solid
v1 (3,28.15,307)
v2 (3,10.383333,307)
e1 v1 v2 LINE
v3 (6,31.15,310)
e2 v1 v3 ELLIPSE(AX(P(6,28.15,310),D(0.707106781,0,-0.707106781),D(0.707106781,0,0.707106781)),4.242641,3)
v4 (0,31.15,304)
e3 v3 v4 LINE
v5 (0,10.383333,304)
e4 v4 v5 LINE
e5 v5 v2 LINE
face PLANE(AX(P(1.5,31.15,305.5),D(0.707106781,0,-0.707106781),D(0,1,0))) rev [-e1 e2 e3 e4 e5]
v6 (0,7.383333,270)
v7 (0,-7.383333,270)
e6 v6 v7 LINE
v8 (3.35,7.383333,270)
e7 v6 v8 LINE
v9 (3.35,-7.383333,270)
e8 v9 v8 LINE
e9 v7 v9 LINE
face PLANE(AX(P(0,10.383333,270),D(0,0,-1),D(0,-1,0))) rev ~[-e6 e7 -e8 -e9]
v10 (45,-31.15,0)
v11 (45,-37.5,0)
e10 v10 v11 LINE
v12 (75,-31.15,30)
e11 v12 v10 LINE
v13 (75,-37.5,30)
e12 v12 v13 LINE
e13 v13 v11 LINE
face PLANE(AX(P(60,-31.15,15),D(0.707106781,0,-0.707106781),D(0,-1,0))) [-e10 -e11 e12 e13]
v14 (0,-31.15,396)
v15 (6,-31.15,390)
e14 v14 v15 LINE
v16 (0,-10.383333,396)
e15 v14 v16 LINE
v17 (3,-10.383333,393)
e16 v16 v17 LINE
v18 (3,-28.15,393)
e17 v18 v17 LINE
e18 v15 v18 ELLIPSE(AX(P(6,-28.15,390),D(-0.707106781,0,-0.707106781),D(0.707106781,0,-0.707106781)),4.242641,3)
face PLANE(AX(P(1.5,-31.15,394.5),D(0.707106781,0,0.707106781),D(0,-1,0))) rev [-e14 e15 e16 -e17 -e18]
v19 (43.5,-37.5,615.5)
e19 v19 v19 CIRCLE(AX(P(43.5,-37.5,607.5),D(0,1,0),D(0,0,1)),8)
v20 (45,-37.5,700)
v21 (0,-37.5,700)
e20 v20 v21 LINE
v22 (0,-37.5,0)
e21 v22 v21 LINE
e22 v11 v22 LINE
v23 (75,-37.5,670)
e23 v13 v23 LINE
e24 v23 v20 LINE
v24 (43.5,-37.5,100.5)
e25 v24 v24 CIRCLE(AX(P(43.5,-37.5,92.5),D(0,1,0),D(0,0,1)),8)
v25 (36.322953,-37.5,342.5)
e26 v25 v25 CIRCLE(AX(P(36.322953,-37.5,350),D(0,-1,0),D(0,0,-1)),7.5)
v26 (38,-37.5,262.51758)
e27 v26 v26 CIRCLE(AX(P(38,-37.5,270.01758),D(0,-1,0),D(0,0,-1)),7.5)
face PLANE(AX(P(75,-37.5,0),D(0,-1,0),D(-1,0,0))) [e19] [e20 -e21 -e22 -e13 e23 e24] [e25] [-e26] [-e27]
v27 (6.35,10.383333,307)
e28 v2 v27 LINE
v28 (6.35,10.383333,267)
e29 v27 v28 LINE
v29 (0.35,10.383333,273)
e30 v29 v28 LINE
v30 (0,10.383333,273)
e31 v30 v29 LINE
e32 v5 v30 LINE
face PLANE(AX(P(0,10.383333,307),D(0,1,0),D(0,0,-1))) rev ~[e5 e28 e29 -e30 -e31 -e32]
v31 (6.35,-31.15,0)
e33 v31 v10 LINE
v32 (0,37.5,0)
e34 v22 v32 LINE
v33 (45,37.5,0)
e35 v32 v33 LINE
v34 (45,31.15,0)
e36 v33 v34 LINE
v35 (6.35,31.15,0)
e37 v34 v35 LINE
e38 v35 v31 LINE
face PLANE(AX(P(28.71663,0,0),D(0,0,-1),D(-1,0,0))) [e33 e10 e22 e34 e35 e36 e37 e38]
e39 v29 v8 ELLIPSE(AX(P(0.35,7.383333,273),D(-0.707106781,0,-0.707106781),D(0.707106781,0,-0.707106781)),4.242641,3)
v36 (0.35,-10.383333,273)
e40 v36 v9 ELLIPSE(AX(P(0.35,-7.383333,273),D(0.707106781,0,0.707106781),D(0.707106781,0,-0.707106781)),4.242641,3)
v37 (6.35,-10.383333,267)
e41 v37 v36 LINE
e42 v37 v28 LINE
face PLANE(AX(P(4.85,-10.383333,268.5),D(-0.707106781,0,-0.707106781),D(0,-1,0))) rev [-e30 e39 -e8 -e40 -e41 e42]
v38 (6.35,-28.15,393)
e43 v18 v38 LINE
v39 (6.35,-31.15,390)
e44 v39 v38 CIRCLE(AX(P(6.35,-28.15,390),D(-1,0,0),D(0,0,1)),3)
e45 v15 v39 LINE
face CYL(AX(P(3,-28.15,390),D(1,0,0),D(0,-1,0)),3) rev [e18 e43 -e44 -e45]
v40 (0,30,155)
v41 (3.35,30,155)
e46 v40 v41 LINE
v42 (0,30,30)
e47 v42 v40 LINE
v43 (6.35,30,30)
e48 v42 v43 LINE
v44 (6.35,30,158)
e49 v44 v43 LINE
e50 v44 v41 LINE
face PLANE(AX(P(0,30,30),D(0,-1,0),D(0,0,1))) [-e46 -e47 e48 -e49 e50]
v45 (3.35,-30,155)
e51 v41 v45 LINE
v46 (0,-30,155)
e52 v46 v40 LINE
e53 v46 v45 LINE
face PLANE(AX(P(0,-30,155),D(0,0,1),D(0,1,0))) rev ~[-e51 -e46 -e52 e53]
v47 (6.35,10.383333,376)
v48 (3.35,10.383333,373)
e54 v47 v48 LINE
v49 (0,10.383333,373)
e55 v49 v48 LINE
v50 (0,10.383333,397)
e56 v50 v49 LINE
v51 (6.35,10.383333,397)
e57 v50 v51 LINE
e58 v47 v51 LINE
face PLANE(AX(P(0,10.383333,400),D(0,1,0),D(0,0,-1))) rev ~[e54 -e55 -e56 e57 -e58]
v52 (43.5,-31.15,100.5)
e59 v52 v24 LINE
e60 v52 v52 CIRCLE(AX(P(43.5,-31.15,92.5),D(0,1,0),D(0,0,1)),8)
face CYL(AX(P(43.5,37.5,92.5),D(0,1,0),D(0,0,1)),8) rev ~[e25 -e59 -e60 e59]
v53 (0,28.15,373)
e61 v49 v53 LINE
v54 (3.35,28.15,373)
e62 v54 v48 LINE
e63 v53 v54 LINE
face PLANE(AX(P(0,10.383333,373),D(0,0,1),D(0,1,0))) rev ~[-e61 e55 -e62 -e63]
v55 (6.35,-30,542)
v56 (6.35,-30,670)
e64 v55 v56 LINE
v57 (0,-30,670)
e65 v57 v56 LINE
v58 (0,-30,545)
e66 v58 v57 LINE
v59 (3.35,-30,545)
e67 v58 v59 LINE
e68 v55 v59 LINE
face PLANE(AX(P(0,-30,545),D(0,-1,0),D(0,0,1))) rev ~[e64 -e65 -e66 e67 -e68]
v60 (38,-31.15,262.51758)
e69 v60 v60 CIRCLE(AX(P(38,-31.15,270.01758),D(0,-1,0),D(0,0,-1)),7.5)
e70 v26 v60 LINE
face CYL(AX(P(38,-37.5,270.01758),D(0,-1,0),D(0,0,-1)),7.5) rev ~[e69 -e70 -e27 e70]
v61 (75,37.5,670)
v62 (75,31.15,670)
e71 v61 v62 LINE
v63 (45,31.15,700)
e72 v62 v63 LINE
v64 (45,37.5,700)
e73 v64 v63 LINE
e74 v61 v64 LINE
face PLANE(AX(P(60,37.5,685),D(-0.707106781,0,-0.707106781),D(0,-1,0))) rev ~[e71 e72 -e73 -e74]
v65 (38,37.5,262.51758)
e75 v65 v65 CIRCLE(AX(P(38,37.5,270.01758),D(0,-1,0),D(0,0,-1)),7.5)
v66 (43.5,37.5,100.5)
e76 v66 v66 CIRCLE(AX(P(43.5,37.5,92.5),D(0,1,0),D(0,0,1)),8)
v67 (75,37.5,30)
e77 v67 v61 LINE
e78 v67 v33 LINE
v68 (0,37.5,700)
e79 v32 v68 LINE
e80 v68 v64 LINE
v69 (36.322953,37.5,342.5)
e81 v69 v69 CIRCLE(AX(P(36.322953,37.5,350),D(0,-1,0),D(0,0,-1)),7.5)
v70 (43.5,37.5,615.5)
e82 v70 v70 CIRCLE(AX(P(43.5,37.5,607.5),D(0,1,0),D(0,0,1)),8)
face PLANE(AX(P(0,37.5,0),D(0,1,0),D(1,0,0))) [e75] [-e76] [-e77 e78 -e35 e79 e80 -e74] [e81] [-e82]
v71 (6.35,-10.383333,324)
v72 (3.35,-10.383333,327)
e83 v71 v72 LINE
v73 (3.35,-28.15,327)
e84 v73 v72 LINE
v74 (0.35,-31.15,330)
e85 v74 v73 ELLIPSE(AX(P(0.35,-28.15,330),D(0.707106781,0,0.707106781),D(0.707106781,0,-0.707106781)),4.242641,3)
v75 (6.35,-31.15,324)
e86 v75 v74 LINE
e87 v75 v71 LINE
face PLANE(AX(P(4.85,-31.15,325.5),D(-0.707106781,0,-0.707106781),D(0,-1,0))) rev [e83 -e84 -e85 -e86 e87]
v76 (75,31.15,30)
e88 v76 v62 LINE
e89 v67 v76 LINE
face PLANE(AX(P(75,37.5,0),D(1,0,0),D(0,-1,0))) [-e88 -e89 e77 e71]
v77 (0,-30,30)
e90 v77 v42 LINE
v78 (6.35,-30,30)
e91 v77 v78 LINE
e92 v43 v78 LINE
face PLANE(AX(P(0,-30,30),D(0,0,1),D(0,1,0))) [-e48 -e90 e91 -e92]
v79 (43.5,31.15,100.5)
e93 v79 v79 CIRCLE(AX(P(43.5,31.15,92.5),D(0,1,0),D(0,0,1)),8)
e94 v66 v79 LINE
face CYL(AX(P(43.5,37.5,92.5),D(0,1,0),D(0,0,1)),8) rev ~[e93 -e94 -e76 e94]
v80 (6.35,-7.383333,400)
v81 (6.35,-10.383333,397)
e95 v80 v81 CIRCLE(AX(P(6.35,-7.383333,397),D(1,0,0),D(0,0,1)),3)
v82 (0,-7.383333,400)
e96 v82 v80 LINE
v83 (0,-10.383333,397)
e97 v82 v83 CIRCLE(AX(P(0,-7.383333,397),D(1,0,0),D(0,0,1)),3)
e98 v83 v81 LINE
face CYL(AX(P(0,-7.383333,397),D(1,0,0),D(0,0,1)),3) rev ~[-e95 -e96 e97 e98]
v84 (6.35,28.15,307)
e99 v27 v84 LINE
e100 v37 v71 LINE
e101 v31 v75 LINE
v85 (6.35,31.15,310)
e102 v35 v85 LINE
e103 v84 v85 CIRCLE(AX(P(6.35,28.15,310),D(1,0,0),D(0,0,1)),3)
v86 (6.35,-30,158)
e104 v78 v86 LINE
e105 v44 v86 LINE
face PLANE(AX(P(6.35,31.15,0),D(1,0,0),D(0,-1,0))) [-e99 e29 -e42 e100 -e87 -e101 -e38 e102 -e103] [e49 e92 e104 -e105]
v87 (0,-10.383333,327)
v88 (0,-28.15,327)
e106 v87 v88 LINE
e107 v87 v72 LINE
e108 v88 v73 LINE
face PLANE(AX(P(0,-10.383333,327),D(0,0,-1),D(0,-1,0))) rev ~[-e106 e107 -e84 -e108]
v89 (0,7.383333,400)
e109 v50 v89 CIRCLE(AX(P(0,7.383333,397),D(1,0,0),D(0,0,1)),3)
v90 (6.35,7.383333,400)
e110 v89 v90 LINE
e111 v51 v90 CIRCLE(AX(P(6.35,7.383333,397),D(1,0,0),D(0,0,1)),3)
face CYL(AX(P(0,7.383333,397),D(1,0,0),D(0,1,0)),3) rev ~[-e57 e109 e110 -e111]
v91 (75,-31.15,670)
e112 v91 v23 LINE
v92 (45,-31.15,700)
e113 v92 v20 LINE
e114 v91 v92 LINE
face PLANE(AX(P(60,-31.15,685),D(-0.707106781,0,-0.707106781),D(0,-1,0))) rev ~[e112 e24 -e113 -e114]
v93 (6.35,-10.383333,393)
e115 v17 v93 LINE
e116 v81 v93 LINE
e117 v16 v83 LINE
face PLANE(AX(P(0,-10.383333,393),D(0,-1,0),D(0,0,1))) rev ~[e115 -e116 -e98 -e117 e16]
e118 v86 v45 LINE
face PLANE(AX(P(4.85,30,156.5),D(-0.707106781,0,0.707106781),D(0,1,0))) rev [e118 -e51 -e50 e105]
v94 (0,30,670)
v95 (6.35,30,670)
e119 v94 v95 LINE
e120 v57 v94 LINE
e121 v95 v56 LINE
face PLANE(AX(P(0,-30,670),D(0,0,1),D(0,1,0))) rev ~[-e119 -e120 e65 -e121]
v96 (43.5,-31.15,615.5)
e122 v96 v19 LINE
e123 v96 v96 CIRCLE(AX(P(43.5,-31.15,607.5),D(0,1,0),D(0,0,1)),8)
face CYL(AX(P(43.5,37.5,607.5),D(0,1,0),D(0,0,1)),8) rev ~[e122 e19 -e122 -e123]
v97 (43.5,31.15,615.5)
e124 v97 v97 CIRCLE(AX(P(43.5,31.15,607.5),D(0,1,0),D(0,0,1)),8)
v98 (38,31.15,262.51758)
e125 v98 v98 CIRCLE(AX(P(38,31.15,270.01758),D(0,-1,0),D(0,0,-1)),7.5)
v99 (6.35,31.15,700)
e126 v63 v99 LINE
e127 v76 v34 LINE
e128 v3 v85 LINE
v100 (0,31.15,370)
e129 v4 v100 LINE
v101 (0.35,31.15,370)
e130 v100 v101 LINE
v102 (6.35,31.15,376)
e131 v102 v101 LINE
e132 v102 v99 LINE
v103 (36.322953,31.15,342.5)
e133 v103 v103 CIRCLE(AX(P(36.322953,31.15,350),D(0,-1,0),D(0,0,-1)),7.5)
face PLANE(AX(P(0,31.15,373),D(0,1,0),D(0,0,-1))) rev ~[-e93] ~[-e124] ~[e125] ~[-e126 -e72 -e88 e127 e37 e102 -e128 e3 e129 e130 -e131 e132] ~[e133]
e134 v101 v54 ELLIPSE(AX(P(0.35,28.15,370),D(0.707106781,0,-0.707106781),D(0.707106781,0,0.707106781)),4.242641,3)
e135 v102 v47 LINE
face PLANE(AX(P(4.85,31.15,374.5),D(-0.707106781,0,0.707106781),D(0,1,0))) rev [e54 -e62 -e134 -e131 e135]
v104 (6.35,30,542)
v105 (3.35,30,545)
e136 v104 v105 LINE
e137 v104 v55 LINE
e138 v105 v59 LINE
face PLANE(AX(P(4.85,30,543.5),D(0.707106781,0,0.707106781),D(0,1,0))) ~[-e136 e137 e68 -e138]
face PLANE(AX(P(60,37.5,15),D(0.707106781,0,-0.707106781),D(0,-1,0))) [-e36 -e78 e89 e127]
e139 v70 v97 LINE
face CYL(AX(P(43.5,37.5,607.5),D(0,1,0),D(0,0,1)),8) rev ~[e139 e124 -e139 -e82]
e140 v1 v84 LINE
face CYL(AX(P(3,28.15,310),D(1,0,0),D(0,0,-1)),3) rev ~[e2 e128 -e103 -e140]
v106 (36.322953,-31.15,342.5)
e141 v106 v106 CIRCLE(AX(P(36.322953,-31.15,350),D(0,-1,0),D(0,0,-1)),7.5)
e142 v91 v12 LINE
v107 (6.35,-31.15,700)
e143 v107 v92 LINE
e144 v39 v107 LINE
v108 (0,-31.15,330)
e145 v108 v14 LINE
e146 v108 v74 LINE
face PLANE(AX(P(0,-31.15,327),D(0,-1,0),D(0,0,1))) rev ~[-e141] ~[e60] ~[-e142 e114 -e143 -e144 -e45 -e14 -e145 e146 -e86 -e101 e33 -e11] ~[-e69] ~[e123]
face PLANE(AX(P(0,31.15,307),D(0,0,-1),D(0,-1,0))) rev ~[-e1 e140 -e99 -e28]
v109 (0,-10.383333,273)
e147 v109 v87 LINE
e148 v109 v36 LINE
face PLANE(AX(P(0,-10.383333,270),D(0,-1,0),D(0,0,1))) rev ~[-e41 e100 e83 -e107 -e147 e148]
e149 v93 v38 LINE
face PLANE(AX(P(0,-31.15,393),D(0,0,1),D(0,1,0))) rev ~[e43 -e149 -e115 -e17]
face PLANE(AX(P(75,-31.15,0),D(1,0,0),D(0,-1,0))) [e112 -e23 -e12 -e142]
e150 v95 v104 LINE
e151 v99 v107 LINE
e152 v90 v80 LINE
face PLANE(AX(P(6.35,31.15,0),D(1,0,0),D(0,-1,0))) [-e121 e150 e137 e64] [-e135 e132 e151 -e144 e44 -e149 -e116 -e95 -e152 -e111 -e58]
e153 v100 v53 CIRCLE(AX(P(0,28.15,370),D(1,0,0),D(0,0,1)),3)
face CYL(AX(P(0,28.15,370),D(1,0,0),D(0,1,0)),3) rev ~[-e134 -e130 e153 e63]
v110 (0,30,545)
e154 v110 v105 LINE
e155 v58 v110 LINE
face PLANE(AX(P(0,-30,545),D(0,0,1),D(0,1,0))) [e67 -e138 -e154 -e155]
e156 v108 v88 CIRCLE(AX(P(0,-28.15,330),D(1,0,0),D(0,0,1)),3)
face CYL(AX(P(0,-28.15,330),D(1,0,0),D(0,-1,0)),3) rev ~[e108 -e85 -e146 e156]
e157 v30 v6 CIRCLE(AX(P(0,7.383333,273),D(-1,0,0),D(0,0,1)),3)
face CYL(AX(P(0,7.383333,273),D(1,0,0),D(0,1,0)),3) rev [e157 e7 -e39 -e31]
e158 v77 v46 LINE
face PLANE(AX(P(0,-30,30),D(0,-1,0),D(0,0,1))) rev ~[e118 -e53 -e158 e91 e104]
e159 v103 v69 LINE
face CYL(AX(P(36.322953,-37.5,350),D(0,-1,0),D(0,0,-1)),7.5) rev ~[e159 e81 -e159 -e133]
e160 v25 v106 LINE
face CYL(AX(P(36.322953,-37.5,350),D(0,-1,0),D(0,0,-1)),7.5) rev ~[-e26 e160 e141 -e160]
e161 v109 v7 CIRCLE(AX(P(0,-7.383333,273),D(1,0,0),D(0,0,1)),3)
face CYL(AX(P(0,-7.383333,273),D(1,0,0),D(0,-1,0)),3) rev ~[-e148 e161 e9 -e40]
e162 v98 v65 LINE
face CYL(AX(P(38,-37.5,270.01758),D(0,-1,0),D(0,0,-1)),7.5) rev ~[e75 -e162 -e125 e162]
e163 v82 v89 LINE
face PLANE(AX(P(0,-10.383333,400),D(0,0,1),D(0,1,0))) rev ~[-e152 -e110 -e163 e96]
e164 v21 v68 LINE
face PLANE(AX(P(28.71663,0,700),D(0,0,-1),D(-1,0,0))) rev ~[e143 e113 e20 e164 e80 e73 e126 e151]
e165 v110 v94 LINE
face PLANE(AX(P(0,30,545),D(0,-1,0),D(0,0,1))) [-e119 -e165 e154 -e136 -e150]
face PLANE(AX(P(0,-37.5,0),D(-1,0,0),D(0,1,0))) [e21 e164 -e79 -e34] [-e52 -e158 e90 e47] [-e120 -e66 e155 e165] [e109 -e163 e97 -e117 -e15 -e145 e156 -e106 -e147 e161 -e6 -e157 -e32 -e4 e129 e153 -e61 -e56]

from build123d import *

# Parameters (mm, degrees)
BOSS_EXTRUDE1_DEPTH = 700
SKETCH3_W           = 125
SKETCH3_H           = 60
CUT_EXTRUDE1_DEPTH  = 706.00443261
CHAMFER1_SIZE       = 30
SKETCH4_R           = 8
CUT_EXTRUDE2_DEPTH  = 708.990112925
SKETCH5_R           = 7.5
CUT_EXTRUDE3_DEPTH  = 708.990112925
CHAMFER2_SIZE       = 3
FILLET1_R           = 3


with BuildPart() as part:
    # Sketch1 → Boss-Extrude1 (new body)
    with BuildSketch(Plane.XY):
        Polygon((0, -37.5), (0, 37.5), (75, 37.5), (75, 31.15), (6.35, 31.15), (6.35, -31.15), (75, -31.15), (75, -37.5), align=None)
    extrude(amount=BOSS_EXTRUDE1_DEPTH)

    # Sketch3 → Cut-Extrude1 (cut, through all)
    with BuildSketch(Plane.ZY):
        with Locations((92.5, 0)):
            Rectangle(SKETCH3_W, SKETCH3_H)
        with Locations((607.5, 0)):
            Rectangle(SKETCH3_W, SKETCH3_H)
        Polygon((400, 10.383333333), (373, 10.383333333), (373, 31.15), (327, 31.15), (307, 31.15), (307, 10.383333333), (300, 10.383333333), (270, 10.383333333), (270, -10.383333333), (300, -10.383333333), (327, -10.383333333), (327, -31.15), (373, -31.15), (393, -31.15), (393, -10.383333333), (400, -10.383333333), align=None)
    extrude(amount=-CUT_EXTRUDE1_DEPTH, mode=Mode.SUBTRACT)

    # Chamfer1
    chamfer1_edges = [part.edges().sort_by_distance(p)[0] for p in [
        (75, -34.325, 0),
        (75, 34.325, 700),
        (75, -34.325, 700),
        (75, 34.325, 0),
    ]]
    chamfer(chamfer1_edges, length=CHAMFER1_SIZE)

    # Sketch4 → Cut-Extrude2 (cut, through all)
    with BuildSketch(Plane(origin=(0, 37.5, 0), x_dir=(1, 0, 0), z_dir=(0, 1, 0))):
        with Locations(Location((43.5, -607.5, 0), (0, 0, 270))):
            Circle(SKETCH4_R)
        with Locations(Location((43.5, -92.5, 0), (0, 0, 270))):
            Circle(SKETCH4_R)
    extrude(amount=-CUT_EXTRUDE2_DEPTH, mode=Mode.SUBTRACT)

    # Sketch5 → Cut-Extrude3 (cut, through all)
    with BuildSketch(Plane.XZ.offset(37.5)):
        with Locations(Location((38, 270.017579968, 0), (0, 0, 270))):
            Circle(SKETCH5_R)
        with Locations(Location((36.322953254, 350, 0), (0, 0, 270))):
            Circle(SKETCH5_R)
    extrude(amount=-CUT_EXTRUDE3_DEPTH, mode=Mode.SUBTRACT)

    # Chamfer2
    chamfer2_edges = [part.edges().sort_by_distance(p)[0] for p in [
        (6.35, 0, 155),
        (6.35, 0, 545),
        (6.35, -20.766666667, 327),
        (6.35, 0, 270),
        (6.35, 20.766666667, 373),
        (0, -20.766666667, 393),
        (0, 20.766666667, 307),
    ]]
    chamfer(chamfer2_edges, length=CHAMFER2_SIZE)

    # Fillet1
    fillet1_edges = [part.edges().sort_by_distance(p)[0] for p in [
        (1.675, 10.383333333, 270),
        (1.675, -10.383333333, 270),
        (1.675, 31.15, 373),
        (1.675, -31.15, 327),
        (4.675, -31.15, 393),
        (4.675, 31.15, 307),
        (3.175, 10.383333333, 400),
        (3.175, -10.383333333, 400),
    ]]
    fillet(fillet1_edges, radius=FILLET1_R)


solid = part.part
